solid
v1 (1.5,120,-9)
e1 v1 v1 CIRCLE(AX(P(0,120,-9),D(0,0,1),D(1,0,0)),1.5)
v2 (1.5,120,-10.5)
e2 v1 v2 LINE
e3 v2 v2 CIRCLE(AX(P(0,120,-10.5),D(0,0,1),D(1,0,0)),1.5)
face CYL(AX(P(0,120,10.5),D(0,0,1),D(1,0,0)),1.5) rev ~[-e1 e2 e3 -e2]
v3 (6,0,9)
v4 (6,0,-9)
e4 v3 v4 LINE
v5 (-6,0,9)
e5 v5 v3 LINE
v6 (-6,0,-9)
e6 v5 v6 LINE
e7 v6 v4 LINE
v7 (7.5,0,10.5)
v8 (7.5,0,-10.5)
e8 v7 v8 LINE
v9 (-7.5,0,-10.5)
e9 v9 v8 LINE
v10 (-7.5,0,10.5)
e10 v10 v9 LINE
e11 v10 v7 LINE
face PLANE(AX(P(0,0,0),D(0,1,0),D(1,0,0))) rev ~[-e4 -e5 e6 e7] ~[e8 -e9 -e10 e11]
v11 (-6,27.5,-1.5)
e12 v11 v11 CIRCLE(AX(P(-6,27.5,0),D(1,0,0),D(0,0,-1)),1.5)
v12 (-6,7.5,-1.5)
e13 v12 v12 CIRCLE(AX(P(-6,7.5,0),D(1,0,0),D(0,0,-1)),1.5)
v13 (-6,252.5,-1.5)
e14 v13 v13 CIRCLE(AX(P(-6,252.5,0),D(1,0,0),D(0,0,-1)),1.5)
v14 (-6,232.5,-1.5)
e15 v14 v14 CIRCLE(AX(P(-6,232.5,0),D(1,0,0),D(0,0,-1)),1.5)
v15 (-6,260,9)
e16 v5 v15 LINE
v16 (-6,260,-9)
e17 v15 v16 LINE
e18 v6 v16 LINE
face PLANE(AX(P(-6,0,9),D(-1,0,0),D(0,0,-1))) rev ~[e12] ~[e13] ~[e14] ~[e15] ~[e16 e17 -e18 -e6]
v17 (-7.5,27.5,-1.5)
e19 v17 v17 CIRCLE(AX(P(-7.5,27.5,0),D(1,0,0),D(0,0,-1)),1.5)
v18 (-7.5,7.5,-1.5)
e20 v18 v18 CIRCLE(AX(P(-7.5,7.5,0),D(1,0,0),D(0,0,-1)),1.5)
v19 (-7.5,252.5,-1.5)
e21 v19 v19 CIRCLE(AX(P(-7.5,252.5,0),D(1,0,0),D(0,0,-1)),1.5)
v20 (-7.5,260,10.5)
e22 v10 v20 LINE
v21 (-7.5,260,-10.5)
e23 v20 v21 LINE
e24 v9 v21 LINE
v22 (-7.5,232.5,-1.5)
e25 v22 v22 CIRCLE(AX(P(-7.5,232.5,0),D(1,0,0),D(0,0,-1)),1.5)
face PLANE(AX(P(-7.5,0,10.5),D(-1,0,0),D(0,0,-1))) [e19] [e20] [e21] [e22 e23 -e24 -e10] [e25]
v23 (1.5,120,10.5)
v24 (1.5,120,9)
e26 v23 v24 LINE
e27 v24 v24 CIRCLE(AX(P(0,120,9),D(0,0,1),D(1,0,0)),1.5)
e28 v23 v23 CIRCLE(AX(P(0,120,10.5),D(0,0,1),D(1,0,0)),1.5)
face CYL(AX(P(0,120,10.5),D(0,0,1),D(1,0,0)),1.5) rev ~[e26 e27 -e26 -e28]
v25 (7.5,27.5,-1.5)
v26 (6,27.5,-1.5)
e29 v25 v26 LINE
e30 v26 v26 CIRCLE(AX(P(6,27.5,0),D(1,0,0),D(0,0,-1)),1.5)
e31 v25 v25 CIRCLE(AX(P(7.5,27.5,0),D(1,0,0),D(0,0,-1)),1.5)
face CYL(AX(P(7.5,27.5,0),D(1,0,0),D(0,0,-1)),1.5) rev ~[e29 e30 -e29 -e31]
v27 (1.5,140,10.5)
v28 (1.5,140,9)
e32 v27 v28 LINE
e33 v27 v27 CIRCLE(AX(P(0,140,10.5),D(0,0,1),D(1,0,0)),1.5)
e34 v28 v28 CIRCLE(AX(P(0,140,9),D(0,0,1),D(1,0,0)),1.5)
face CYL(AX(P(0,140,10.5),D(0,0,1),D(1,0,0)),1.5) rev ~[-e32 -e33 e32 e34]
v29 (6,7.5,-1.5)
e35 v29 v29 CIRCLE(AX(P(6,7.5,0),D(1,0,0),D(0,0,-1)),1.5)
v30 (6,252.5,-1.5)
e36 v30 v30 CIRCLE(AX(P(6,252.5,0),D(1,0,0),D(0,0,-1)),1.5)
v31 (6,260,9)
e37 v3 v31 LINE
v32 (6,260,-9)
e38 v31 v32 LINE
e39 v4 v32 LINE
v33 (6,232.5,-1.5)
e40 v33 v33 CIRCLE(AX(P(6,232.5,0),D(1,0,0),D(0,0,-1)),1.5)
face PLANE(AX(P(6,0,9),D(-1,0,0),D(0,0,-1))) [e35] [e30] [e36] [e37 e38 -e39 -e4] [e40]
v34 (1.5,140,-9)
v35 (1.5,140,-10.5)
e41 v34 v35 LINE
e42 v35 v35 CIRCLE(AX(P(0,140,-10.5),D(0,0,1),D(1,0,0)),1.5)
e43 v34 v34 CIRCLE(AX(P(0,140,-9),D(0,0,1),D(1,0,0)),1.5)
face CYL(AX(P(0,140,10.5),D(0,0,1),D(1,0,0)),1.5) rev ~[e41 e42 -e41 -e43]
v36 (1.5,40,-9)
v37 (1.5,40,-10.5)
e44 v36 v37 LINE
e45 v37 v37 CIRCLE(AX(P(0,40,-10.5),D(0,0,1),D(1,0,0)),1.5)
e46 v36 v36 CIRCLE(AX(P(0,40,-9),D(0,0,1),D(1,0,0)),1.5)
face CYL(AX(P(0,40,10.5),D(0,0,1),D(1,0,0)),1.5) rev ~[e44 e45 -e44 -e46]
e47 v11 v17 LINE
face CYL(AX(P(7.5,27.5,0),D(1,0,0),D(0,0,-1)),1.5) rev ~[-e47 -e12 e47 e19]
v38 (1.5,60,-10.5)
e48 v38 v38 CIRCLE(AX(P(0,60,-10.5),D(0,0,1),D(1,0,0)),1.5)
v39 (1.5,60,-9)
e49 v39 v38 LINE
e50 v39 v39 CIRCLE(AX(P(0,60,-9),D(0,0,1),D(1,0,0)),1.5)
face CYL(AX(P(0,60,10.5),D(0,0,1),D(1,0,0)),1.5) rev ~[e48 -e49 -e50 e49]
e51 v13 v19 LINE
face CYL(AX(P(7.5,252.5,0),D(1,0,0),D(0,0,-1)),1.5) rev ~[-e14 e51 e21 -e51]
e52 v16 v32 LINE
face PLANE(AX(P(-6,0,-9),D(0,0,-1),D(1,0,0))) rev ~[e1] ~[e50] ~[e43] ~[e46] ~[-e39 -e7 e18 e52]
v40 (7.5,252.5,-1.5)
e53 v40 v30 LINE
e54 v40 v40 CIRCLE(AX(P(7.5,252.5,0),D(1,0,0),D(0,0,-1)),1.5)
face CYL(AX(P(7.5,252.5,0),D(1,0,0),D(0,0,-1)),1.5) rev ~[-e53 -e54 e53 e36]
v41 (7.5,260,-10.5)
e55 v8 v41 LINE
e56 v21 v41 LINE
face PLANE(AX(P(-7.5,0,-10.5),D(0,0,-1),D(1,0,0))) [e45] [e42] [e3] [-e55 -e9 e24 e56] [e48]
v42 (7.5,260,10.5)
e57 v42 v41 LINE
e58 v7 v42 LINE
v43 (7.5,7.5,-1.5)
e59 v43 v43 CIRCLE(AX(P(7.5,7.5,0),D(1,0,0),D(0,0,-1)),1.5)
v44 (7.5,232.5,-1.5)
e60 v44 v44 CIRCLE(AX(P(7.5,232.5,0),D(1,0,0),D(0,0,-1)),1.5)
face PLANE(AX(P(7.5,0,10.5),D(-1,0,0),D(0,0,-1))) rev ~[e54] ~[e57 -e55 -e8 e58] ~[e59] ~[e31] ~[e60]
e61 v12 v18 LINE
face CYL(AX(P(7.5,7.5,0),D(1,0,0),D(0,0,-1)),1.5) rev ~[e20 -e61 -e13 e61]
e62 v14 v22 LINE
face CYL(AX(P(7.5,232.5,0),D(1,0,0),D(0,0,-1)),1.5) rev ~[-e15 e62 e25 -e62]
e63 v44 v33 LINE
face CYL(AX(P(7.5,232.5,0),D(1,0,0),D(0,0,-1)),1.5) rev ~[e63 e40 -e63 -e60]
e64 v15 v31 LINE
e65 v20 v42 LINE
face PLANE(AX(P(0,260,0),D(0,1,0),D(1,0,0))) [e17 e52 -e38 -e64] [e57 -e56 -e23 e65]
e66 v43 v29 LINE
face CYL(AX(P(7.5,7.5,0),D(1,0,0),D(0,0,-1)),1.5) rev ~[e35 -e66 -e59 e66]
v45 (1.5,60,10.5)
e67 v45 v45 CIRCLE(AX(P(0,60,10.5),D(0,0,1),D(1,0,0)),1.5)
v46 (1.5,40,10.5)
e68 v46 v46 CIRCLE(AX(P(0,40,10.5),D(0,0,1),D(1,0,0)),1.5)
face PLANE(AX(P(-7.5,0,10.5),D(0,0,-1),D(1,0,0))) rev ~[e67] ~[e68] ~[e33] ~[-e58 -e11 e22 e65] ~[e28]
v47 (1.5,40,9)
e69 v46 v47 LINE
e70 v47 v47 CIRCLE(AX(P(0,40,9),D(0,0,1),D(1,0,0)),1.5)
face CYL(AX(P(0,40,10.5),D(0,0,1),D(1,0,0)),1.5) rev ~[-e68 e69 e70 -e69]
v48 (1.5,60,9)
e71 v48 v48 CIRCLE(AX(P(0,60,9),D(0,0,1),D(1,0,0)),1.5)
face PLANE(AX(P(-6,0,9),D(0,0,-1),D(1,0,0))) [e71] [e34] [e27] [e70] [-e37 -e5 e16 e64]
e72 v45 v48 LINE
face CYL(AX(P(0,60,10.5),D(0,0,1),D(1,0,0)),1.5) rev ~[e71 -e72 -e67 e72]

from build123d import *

# Parameters (mm, degrees)
SKETCH_1_W          = 15
SKETCH_1_H          = 21
SKETCH_1_W_2        = 12
SKETCH_1_H_2        = 18
EXTRUDE_1_DEPTH     = 260
SKETCH_4_R          = 1.5
CUT_EXTRUDE_2_DEPTH = 261.643914182
SKETCH_5_R          = 1.5
CUT_EXTRUDE_3_DEPTH = 261.954497949


with BuildPart() as part:
    # 草图1 → 拉伸-薄壁1 (new body)
    with BuildSketch(Plane(origin=(0, 0, 0), x_dir=(1, 0, 0), z_dir=(0, 1, 0))):
        Rectangle(SKETCH_1_W, SKETCH_1_H)
        Rectangle(SKETCH_1_W_2, SKETCH_1_H_2, mode=Mode.SUBTRACT)
    extrude(amount=EXTRUDE_1_DEPTH)

    # 草图4 → 切除-拉伸2 (cut, through all)
    with BuildSketch(Plane(origin=(7.5, 0, 0), x_dir=(0, 0, -1), z_dir=(1, 0, 0))):
        with Locations((0, 252.5)):
            Circle(SKETCH_4_R)
        with Locations((0, 232.5)):
            Circle(SKETCH_4_R)
        with Locations((0, 27.5)):
            Circle(SKETCH_4_R)
        with Locations((0, 7.5)):
            Circle(SKETCH_4_R)
    extrude(amount=-CUT_EXTRUDE_2_DEPTH, mode=Mode.SUBTRACT)

    # 草图5 → 切除-拉伸3 (cut, through all)
    with BuildSketch(Plane.XY.offset(10.5)):
        with Locations((0, 40)):
            Circle(SKETCH_5_R)
        with Locations((0, 60)):
            Circle(SKETCH_5_R)
        with Locations((0, 120)):
            Circle(SKETCH_5_R)
        with Locations((0, 140)):
            Circle(SKETCH_5_R)
    extrude(amount=-CUT_EXTRUDE_3_DEPTH, mode=Mode.SUBTRACT)


solid = part.part
